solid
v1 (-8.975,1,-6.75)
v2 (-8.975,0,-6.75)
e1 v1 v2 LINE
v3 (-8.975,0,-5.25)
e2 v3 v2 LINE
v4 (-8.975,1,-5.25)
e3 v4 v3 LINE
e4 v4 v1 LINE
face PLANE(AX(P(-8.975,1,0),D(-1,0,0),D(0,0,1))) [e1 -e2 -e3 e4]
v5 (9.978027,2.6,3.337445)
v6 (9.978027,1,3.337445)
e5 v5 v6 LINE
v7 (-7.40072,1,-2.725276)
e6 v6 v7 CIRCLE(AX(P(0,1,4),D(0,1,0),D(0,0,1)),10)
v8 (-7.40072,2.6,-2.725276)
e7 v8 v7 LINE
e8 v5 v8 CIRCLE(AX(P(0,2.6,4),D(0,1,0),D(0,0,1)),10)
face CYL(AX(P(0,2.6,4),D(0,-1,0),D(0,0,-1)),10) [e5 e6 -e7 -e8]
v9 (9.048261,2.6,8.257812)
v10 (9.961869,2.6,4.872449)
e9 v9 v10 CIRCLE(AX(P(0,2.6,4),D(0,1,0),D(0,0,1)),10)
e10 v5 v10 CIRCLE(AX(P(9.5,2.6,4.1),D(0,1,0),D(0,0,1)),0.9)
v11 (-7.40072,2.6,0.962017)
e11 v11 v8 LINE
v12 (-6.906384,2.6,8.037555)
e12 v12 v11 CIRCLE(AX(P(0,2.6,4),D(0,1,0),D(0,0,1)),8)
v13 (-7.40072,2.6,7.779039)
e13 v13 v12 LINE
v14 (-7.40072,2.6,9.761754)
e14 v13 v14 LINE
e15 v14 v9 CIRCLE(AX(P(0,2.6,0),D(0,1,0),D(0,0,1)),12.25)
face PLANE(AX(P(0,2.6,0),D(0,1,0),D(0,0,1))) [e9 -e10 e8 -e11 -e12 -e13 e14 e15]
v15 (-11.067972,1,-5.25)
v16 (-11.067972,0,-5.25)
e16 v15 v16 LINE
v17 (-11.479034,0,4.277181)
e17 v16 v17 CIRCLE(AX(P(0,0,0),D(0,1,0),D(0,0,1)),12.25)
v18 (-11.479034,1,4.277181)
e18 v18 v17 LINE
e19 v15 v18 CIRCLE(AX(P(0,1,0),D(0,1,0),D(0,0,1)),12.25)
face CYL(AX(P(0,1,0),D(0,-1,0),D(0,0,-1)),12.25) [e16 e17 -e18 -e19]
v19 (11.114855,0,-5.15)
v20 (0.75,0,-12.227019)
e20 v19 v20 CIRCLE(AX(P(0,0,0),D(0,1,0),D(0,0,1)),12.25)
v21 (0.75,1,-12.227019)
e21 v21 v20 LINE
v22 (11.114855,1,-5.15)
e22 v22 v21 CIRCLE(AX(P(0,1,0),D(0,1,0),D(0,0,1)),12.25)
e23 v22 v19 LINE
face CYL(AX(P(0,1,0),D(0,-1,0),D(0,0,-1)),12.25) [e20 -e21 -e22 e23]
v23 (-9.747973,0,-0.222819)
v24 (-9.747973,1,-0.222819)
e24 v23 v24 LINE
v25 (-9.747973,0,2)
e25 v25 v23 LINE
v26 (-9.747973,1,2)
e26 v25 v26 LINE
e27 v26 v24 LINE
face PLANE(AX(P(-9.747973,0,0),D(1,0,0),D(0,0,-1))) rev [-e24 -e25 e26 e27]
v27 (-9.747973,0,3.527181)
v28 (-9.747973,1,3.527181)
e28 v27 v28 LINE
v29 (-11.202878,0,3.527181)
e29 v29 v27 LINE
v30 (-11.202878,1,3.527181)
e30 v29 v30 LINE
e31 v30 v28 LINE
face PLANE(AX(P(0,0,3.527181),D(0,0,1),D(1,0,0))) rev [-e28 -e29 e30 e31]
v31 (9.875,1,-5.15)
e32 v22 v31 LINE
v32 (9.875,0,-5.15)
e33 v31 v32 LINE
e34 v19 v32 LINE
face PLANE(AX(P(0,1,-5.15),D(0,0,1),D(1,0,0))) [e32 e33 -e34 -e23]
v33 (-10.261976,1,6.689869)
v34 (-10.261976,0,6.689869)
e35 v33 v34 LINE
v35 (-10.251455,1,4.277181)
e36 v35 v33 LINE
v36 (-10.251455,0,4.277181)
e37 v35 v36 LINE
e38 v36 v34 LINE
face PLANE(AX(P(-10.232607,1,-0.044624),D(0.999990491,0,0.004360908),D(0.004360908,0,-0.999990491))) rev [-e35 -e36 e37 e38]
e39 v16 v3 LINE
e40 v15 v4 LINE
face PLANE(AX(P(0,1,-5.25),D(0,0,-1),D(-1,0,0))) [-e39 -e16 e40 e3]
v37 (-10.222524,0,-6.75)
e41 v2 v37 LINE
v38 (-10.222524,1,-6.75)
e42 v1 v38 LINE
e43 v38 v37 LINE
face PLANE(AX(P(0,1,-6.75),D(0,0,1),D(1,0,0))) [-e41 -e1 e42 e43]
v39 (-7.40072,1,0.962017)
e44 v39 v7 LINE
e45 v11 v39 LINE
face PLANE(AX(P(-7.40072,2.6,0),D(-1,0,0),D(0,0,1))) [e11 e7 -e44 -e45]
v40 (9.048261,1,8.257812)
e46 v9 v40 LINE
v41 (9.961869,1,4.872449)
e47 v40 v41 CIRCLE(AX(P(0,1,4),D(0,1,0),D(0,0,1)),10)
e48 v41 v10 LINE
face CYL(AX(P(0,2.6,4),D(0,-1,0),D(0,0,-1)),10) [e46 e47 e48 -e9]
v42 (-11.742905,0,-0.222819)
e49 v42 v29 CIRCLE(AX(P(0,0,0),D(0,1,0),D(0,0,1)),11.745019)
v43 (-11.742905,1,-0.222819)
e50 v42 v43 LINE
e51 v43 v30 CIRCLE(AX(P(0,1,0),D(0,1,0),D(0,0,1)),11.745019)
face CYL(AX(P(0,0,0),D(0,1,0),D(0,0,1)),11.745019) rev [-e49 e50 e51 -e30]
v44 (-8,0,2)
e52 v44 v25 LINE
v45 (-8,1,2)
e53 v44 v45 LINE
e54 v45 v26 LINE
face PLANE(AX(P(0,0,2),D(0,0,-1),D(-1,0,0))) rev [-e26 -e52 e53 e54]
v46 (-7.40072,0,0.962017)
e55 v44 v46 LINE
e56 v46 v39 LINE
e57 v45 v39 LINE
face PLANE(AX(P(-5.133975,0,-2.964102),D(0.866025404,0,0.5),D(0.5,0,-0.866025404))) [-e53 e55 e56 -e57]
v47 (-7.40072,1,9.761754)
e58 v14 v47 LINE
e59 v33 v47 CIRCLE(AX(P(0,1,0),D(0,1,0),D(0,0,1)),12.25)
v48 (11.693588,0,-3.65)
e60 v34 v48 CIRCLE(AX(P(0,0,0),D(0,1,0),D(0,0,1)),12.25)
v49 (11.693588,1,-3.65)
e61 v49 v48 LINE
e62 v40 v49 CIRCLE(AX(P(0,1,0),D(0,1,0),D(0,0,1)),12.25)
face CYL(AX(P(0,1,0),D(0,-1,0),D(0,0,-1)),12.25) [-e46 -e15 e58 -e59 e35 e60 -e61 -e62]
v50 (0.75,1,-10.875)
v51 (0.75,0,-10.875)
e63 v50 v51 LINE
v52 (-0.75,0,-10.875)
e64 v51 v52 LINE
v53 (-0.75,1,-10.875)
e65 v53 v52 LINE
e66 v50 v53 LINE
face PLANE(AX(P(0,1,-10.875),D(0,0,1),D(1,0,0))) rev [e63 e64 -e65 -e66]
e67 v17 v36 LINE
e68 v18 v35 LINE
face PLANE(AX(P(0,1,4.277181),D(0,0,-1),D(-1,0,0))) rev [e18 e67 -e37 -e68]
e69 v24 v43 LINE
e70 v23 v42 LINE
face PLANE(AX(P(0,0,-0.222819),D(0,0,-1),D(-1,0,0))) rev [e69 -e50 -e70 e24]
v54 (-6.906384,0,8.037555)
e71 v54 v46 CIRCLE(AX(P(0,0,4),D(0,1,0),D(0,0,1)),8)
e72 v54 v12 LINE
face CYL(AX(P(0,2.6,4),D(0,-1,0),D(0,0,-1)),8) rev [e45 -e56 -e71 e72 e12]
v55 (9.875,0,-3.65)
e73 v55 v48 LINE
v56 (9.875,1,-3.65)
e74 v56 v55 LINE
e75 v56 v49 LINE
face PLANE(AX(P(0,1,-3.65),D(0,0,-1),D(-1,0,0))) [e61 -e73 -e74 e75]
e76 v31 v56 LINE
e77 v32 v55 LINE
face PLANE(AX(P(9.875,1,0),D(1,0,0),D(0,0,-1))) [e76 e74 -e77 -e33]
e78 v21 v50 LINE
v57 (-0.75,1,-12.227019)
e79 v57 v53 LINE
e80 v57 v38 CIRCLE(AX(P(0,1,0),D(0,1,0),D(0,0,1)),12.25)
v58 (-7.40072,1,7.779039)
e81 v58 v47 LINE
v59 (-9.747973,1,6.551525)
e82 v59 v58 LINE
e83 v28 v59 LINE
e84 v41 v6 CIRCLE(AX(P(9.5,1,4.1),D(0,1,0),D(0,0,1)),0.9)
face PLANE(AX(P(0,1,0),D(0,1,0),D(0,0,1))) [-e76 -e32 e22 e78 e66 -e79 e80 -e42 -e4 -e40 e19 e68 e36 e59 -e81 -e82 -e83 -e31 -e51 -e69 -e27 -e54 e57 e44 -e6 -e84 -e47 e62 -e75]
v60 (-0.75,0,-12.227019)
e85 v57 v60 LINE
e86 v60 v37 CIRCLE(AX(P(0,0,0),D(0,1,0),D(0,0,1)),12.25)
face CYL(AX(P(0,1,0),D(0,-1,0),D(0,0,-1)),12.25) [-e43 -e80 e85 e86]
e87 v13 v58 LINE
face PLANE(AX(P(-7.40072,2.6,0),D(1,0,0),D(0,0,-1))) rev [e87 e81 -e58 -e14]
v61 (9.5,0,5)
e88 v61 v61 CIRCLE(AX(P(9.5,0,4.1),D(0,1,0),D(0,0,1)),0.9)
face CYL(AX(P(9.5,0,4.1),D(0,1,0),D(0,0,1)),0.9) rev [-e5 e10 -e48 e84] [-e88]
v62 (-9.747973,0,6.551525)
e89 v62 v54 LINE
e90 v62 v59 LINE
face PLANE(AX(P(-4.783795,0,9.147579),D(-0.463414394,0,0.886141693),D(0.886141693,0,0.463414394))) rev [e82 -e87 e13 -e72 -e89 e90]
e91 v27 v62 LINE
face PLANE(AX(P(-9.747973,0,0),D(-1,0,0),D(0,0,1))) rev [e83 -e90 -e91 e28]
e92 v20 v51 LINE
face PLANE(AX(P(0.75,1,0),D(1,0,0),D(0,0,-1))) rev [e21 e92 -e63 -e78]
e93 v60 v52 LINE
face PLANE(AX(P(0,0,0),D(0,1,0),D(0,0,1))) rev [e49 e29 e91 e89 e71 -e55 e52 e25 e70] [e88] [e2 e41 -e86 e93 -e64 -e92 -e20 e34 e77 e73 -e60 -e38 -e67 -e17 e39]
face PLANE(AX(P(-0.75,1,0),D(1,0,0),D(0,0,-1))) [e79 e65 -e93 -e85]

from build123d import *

# Parameters (mm, degrees)
BOSS_EXTRUDE1_DEPTH     = 1
BOSS_EXTRUDE2_DEPTH     = 1.6
CUT_EXTRUDE1_DEPTH      = 18.39784469409933
CUT_EXTRUDE1_DEPTH_BACK = 18.39784469409933
SKETCH2_R               = 0.9000000000000004


with BuildPart() as part:
    # Sketch1 → Boss-Extrude1 (new body)
    with BuildSketch(Plane(origin=(0, 0, 0), x_dir=(1, 0, 0), z_dir=(0, 1, 0))):
        with BuildLine():
            Line((-0.75, 10.875000000000002), (-0.75, 12.227019260637483))
            ThreePointArc((-0.7500000000000002, 12.227019260637485), (-6.131762108207349, 10.604904216840085), (-10.22252415013044, 6.750000000000002))
            Line((-10.222524150130438, 6.750000000000001), (-8.975, 6.750000000000001))
            Line((-8.975, 6.750000000000001), (-8.975, 5.249999999999999))
            Line((-8.975, 5.249999999999999), (-11.067971810589329, 5.249999999999999))
            ThreePointArc((-11.06797181058933, 5.25), (-12.238613585290821, 0.528050669855673), (-11.479034225714315, -4.277180525168357))
            Line((-11.479034225714315, -4.277180525168356), (-10.251454558987772, -4.277180525168356))
            Line((-10.251454558987772, -4.277180525168356), (-10.261976170759779, -6.689868838083338))
            ThreePointArc((-10.26197617075978, -6.68986883808334), (5.219252819608776, -11.082504229866366), (11.693587986584786, 3.65))
            Line((11.693587986584786, 3.6499999999999995), (9.875, 3.6499999999999995))
            Line((9.875, 3.6499999999999995), (9.875, 5.1499999999999995))
            Line((9.875, 5.1499999999999995), (11.114854924829205, 5.1499999999999995))
            ThreePointArc((11.114854924829206, 5.15), (6.9075861196708574, 10.116706677537433), (0.7500000000000135, 12.227019260637483))
            Line((0.7500000000000137, 12.227019260637483), (0.7500000000000137, 10.875000000000002))
            Line((0.7500000000000137, 10.875000000000002), (-0.7500000000000001, 10.875000000000002))
        make_face()
    extrude(amount=BOSS_EXTRUDE1_DEPTH)

    # Sketch3 → Boss-Extrude2 (add)
    with BuildSketch(Plane(origin=(0, 1, 0), x_dir=(1, 0, 0), z_dir=(0, 1, 0))):
        with BuildLine():
            Line((-7.4007200688618315, 2.7252763855729887), (-7.4007200688618315, -0.9620167113123034))
            ThreePointArc((-7.40072006886183, -0.9620167113123008), (1.5482634545040064, 3.8487502365311173), (8, -4.0000000000000036))
            ThreePointArc((8, -4.000000000000005), (1.5482634545039802, -11.84875023653113), (-7.400720068861849, -7.037983288687658))
            Line((-7.400720068861849, -7.037983288687658), (-7.400720068861849, -9.761754066884983))
            ThreePointArc((-7.400720068861847, -9.761754066884983), (1.1153735220053107, -12.199116439579116), (9.048261308939445, -8.257812499999588))
            ThreePointArc((9.048261308939306, -8.257812499999497), (9.759165258601607, -6.181442975487434), (10, -4.000000000000006))
            ThreePointArc((10, -4.0000000000000036), (3.6050519629668107, 5.327572049805301), (-7.400720068861829, 2.7252763855729913))
        make_face()
    extrude(amount=BOSS_EXTRUDE2_DEPTH)

    # Sketch2 → Cut-Extrude1 (cut, two sides: drawn at the far end of the back side and taken through both)
    with BuildSketch(Plane(origin=(0, 1, 0), x_dir=(1, 0, 0), z_dir=(0, 1, 0)).offset(-CUT_EXTRUDE1_DEPTH_BACK)):
        with BuildLine():
            Line((-8.000000000000002, -2.0000000000000036), (-9.747973362219389, -2.0000000000000036))
            Line((-9.747973362219389, -2.0000000000000036), (-9.747973362219389, 0.22281947483164366))
            Line((-9.747973362219389, 0.22281947483164363), (-11.742905111754867, 0.22281947483164344))
            ThreePointArc((-11.742905111754867, 0.22281947483164347), (-11.62509617448331, -1.6740991356715729), (-11.202877600193457, -3.5271805251683066))
            Line((-11.202877600193467, -3.5271805251683563), (-9.747973362219389, -3.5271805251683563))
            Line((-9.747973362219389, -3.5271805251683563), (-9.747973362219389, -6.551525342353796))
            Line((-9.747973362219389, -6.551525342353796), (-6.906384460645114, -8.037555409125643))
            ThreePointArc((-6.906384460645114, -8.037555409125643), (7.980546470676243, -3.4424356275935972), (-7.400720068861833, -0.9620167113123106))
            Line((-7.400720068861836, -0.9620167113123133), (-8.000000000000002, -2.0000000000000036))
        make_face()
        with Locations(Location((9.5, -4.1, 0), (0, 0, 270))):
            Circle(SKETCH2_R)
    extrude(amount=CUT_EXTRUDE1_DEPTH + CUT_EXTRUDE1_DEPTH_BACK, mode=Mode.SUBTRACT)


solid = part.part
